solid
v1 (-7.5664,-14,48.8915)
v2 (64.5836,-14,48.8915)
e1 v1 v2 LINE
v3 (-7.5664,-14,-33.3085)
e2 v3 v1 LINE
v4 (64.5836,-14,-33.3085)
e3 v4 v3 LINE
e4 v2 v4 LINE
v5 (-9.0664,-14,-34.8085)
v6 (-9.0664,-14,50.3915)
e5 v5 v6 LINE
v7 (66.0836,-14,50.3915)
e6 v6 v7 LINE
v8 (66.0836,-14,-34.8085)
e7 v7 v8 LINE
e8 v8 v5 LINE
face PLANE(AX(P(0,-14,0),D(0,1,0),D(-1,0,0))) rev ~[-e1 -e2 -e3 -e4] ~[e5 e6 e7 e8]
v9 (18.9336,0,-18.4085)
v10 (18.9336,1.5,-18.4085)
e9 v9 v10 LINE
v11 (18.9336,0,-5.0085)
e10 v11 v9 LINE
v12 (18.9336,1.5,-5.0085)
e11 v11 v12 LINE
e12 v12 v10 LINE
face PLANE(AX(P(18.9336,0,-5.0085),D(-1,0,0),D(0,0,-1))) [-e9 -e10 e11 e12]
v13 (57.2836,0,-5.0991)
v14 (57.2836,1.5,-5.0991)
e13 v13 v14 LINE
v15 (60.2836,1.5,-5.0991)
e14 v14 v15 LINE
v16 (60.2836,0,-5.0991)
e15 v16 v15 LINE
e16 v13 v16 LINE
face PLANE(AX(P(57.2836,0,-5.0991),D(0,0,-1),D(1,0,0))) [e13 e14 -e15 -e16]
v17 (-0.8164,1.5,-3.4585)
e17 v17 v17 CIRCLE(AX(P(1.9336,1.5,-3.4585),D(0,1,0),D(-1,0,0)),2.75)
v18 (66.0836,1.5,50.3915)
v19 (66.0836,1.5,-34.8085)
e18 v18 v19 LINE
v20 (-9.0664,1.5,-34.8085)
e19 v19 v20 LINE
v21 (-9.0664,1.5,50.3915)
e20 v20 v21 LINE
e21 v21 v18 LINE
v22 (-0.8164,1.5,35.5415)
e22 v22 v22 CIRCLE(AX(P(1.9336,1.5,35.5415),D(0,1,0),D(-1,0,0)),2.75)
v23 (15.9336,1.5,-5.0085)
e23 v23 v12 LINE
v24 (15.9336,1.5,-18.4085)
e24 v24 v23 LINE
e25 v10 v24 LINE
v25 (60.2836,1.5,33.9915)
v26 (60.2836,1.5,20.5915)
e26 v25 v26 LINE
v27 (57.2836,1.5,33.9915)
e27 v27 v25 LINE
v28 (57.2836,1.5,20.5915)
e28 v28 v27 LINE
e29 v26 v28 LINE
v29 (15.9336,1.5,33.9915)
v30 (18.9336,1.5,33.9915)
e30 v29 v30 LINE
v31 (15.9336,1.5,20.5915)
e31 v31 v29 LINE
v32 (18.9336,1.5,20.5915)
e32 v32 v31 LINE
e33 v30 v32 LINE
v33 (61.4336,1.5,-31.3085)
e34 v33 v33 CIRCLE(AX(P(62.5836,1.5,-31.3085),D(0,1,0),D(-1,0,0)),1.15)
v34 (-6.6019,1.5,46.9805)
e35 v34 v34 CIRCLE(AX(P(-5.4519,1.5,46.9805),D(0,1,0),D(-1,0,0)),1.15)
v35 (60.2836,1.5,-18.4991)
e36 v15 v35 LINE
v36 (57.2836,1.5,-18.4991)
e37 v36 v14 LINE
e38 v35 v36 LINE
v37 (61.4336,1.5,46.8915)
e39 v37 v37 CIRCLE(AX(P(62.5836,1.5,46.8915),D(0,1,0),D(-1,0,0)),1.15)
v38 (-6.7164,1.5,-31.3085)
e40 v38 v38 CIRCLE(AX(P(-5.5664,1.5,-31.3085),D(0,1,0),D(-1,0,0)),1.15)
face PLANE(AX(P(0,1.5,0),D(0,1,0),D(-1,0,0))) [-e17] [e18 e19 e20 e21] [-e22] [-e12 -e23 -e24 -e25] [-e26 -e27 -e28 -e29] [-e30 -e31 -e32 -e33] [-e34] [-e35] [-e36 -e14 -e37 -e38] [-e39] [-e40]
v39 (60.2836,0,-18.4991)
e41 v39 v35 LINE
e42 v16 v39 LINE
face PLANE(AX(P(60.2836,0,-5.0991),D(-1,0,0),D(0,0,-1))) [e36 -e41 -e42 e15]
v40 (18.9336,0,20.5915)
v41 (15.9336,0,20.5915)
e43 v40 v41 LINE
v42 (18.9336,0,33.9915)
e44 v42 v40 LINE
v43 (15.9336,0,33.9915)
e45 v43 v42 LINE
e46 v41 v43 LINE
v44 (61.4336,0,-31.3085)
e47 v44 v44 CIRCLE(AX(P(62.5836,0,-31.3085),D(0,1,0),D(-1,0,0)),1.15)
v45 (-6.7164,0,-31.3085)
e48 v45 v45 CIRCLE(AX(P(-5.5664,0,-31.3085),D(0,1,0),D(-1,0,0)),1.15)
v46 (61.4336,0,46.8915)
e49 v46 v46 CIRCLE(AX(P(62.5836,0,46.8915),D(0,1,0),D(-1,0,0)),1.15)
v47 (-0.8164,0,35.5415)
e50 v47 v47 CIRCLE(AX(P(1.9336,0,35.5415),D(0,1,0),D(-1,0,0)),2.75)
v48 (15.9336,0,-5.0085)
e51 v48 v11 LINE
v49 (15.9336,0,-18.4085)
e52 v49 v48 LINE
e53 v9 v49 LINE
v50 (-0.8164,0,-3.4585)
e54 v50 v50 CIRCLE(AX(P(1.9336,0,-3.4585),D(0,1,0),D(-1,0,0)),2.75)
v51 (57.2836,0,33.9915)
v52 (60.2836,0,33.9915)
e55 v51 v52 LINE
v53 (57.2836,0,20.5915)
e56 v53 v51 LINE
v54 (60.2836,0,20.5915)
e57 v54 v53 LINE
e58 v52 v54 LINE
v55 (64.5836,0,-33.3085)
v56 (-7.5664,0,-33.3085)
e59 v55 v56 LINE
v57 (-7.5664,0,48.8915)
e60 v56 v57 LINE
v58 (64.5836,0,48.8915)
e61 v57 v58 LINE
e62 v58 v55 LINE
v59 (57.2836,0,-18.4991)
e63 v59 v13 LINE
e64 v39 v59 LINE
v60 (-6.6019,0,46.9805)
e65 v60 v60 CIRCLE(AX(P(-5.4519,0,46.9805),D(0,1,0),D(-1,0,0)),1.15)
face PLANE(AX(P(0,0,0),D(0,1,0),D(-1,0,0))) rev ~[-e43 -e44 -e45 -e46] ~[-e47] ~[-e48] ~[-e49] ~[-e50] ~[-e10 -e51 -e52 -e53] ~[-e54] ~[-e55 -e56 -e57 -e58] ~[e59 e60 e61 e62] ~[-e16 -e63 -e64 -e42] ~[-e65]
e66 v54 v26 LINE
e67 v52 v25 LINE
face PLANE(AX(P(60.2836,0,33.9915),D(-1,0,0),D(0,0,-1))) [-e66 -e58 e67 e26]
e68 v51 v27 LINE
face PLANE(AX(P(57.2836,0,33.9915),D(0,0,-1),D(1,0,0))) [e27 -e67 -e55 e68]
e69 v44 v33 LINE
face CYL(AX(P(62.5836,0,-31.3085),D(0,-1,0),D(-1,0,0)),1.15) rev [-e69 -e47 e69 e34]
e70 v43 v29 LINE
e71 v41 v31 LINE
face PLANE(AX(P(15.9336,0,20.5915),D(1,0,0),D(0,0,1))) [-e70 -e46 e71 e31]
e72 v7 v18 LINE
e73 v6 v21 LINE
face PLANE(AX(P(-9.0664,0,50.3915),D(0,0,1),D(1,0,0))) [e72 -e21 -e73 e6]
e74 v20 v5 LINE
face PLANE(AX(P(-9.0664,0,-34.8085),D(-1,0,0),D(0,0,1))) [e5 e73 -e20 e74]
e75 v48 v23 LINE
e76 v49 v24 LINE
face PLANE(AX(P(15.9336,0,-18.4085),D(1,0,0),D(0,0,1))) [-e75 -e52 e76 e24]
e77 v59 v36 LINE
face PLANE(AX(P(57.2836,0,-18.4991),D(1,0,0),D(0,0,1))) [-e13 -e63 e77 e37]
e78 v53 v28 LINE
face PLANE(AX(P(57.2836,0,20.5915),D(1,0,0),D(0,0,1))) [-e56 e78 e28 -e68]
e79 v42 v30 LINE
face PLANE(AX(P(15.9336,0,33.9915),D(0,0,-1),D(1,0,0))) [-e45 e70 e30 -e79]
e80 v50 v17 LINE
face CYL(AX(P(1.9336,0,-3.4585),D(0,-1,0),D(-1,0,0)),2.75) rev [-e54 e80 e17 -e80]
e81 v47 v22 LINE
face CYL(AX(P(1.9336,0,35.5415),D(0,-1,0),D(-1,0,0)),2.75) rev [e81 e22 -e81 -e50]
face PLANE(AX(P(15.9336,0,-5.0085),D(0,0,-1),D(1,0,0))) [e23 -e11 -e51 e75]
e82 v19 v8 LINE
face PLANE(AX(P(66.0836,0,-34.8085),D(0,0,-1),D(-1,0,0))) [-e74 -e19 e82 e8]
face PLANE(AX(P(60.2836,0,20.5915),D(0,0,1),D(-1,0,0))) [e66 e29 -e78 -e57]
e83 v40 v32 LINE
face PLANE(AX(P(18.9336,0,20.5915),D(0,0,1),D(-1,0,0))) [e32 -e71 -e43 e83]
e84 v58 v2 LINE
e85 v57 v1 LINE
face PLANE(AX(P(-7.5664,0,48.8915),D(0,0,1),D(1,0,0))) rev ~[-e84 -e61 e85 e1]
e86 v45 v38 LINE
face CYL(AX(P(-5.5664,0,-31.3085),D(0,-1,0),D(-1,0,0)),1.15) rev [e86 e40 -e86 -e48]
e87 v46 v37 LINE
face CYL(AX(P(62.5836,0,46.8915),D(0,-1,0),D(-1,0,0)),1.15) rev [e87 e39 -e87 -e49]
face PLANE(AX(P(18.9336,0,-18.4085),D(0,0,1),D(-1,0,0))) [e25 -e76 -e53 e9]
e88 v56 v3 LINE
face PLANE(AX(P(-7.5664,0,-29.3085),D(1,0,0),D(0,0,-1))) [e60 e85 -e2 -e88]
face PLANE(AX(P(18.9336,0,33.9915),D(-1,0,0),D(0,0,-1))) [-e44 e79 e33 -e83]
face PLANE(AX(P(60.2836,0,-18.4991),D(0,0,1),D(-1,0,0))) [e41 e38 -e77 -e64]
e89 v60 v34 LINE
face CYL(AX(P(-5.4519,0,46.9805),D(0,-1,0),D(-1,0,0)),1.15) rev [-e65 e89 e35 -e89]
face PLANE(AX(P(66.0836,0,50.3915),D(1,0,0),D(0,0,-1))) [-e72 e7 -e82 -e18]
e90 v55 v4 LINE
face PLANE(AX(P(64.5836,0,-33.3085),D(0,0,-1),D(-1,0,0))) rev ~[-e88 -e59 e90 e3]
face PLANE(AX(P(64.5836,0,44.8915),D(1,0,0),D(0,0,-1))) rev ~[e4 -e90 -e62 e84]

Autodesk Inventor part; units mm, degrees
ref_plane "YZ Plane" through (0, 0, 0) normal (1, 0, 0) x (0, 1, 0)
ref_plane "XZ Plane" through (0, 0, 0) normal (0, 1, 0) x (-1, 0, 0)
ref_plane "XY Plane" through (0, 0, 0) normal (0, 0, 1) x (1, 0, 0)
sketch "Sketch1" plane through (0, 0, 0) normal (0, 1, 0) x (-1, 0, 0)
  line L0 (-58.4836, 42.7915) -> (-27.4836, 42.7915) construction
  line L1 (-27.4836, 42.7915) -> (-27.4836, 11.7915) construction
  line L2 (-27.4836, 11.7915) -> (-58.4836, 11.7915) construction
  line L3 (-58.4836, 11.7915) -> (-58.4836, 20.5915) construction
  line L4 (-58.4836, 42.7915) -> (-27.4836, 11.7915) construction
  line L5 (-27.4836, 42.7915) -> (-58.4836, 11.7915) construction
  line L6 (-58.4836, 3.6103) -> (-27.4836, 3.6103) construction
  line L7 (-27.4836, 3.6103) -> (-27.4836, -27.2085) construction
  line L8 (-27.4836, -27.2085) -> (-58.4836, -27.2085) construction
  line L9 (-58.4836, -27.2085) -> (-58.4836, -18.4991) construction
  line L10 (-58.4836, 3.6103) -> (-27.4836, -27.2085) construction
  line L11 (-20.4336, 38.5415) -> (2.0664, 38.5415) construction
  line L12 (2.0664, 38.5415) -> (2.0664, 16.0415) construction
  line L13 (2.0664, 16.0415) -> (-20.4336, 16.0415) construction
  line L14 (-20.4336, 16.0415) -> (-20.4336, 38.5415) construction
  line L15 (-20.4336, 38.5415) -> (2.0664, 16.0415) construction
  line L16 (2.0664, 38.5415) -> (-20.4336, 16.0415) construction
  line L17 (-20.5481, -0.4585) -> (2.0664, -0.4585) construction
  line L18 (2.0664, -0.4585) -> (2.0664, -22.9585) construction
  line L19 (2.0664, -22.9585) -> (-20.5481, -22.9585) construction
  line L20 (-20.5481, -22.9585) -> (-20.5481, -0.4585) construction
  line L21 (-20.5481, -0.4585) -> (2.0664, -22.9585) construction
  line L22 (2.0664, -0.4585) -> (-20.5481, -22.9585) construction
  line L23 (3.5664, -29.3085) -> (-60.5836, -29.3085) construction
  line L24 (-60.5836, -29.3085) -> (-60.5836, 44.8915) construction
  line L25 (-60.5836, 44.8915) -> (-64.5836, 44.8915) construction
  line L26 (-64.5836, 44.8915) -> (-64.5836, 48.8915)
  line L27 (-64.5836, 48.8915) -> (-60.5836, 48.8915)
  line L28 (-60.5836, 48.8915) -> (-60.5836, 44.8915) construction
  line L29 (-60.5836, -29.3085) -> (-64.5836, -29.3085) construction
  line L30 (-64.5836, -29.3085) -> (-64.5836, -33.3085)
  line L31 (-64.5836, -33.3085) -> (-60.5836, -33.3085)
  line L32 (-60.5836, -33.3085) -> (-60.5836, -29.3085) construction
  line L33 (3.5664, -29.3085) -> (7.5664, -29.3085) construction
  line L34 (7.5664, -29.3085) -> (7.5664, -33.3085)
  line L35 (7.5664, -33.3085) -> (3.5664, -33.3085)
  line L36 (3.5664, -33.3085) -> (3.5664, -29.3085) construction
  line L37 (3.5664, 44.8915) -> (7.5664, 44.8915) construction
  line L38 (7.5664, 44.8915) -> (7.5664, 48.8915)
  line L39 (7.5664, 48.8915) -> (3.5664, 48.8915)
  line L40 (3.5664, 48.8915) -> (3.5664, 44.8915) construction
  circle A0 centre (5.4519, 46.9805) radius 1.15
  circle A1 centre (-62.5836, 46.8915) radius 1.15
  circle A2 centre (-62.5836, -31.3085) radius 1.15
  circle A3 centre (5.5664, -31.3085) radius 1.15
  line L41 (3.5664, 48.8915) -> (-60.5836, 48.8915)
  line L42 (-64.5836, 44.8915) -> (-64.5836, -29.3085)
  line L43 (-60.5836, -33.3085) -> (3.5664, -33.3085)
  line L44 (7.5664, -29.3085) -> (7.5664, 44.8915)
  line L45 (3.5664, 44.8915) -> (-60.5836, 44.8915) construction
  line L46 (3.5664, 44.8915) -> (3.5664, -29.3085) construction
  line L47 (-57.2836, 33.9915) -> (-60.2836, 33.9915)
  line L48 (-60.2836, 33.9915) -> (-60.2836, 20.5915)
  line L49 (-60.2836, 20.5915) -> (-57.2836, 20.5915)
  line L50 (-57.2836, 20.5915) -> (-57.2836, 33.9915)
  line L51 (-57.2836, -5.0991) -> (-60.2836, -5.0991)
  line L52 (-60.2836, -5.0991) -> (-60.2836, -18.4991)
  line L53 (-60.2836, -18.4991) -> (-57.2836, -18.4991)
  line L54 (-57.2836, -18.4991) -> (-57.2836, -5.0991)
  line L55 (-58.4836, 20.5915) -> (-58.4836, 33.9915) construction
  line L56 (-58.4836, 33.9915) -> (-58.4836, 42.7915) construction
  line L57 (-58.4836, -5.0991) -> (-58.4836, 3.6103) construction
  line L58 (-58.4836, -18.4991) -> (-58.4836, -5.0991) construction
  line L59 (-62.5836, 46.8915) -> (-60.5836, 46.8915) construction
  line L60 (-62.5836, 46.8915) -> (-62.5836, 44.8915) construction
  line L61 (-62.5836, 46.8915) -> (-64.5836, 46.8915) construction
  line L62 (-62.5836, 46.8915) -> (-62.5836, 48.8915) construction
  line L63 (-64.5836, -31.3085) -> (-62.5836, -31.3085) construction
  line L64 (-62.5836, -31.3085) -> (-60.5836, -31.3085) construction
  line L65 (-62.5836, -31.3085) -> (-62.5836, -29.3085) construction
  line L66 (-62.5836, -31.3085) -> (-62.5836, -33.3085) construction
  line L67 (5.5664, 46.8915) -> (3.5664, 46.8915) construction
  line L68 (5.5664, 46.8915) -> (7.5664, 46.8915) construction
  line L69 (5.5664, 46.8915) -> (5.5664, 44.8915) construction
  line L70 (5.5664, 44.8915) -> (5.5664, 46.8915) construction
  line L71 (5.5664, 46.8915) -> (5.5664, 48.8915) construction
  line L72 (5.5664, -31.3085) -> (5.5664, -33.3085) construction
  line L73 (5.5664, -31.3085) -> (3.5664, -31.3085) construction
  line L74 (5.5664, -31.3085) -> (5.5664, -29.3085) construction
  line L75 (5.5664, -31.3085) -> (7.5664, -31.3085) construction
  circle A4 centre (-1.9336, 35.5415) radius 2.75
  circle A5 centre (-1.9336, -3.4585) radius 2.75
  line L76 (-1.9336, 35.5415) -> (-1.9336, 38.5415) construction
  line L77 (-1.9336, 35.5415) -> (2.0664, 35.5415) construction
  line L78 (-1.9336, -3.4585) -> (2.0664, -3.4585) construction
  line L79 (-1.9336, -3.4585) -> (-1.9336, -0.4585) construction
  line L80 (-15.9336, 33.9915) -> (-18.9336, 33.9915)
  line L81 (-18.9336, 33.9915) -> (-18.9336, 20.5915)
  line L82 (-18.9336, 20.5915) -> (-15.9336, 20.5915)
  line L83 (-15.9336, 20.5915) -> (-15.9336, 33.9915)
  line L84 (-15.9336, -5.0085) -> (-18.9336, -5.0085)
  line L85 (-18.9336, -5.0085) -> (-18.9336, -18.4085)
  line L86 (-18.9336, -18.4085) -> (-15.9336, -18.4085)
  line L87 (-15.9336, -18.4085) -> (-15.9336, -5.0085)
  line L88 (9.0664, 50.3915) -> (-66.0836, 50.3915)
  line L89 (-66.0836, 50.3915) -> (-66.0836, -34.8085)
  line L90 (-66.0836, -34.8085) -> (9.0664, -34.8085)
  line L91 (9.0664, -34.8085) -> (9.0664, 50.3915)
  point P0 (-89.8981, -75.7195)
  dimension "d0" = 22.5
  dimension "d5" = 31
  dimension "d7" = 22.5
  dimension "d11" = 4
  dimension "d12" = 72.15
  dimension "d13" = 82.2
  dimension "d14" = 2.3
  dimension "d15" = 31
  dimension "d16" = 5.5
  dimension "d17" = 5.5
  dimension "d18" = 10.35
  dimension "d19" = 10.35
  dimension "d20" = 6.1
  dimension "d21" = 6.1
  dimension "d22" = 6.1
  dimension "d23" = 6.1
  dimension "d24" = 3
  dimension "d25" = 13.4
  dimension "d26" = 1.2
  dimension "d27" = 8.1812
  dimension "d28" = 16.5
  dimension "d29" = 5.5
  dimension "d30" = 5.5
  dimension "d31" = 3
  dimension "d32" = 4
  dimension "d33" = 1.5
  dimension "d34" = 4.55
  dimension "d35" = 4.55
  dimension "d36" = 4.55
  dimension "d37" = 1.5
  dimension "d38" = 1.5
  dimension "d39" = 1.5
  dimension "d40" = 1.5
extrude "Edges" add sketch "Sketch1" against normal blind 14 contours L91 L90 L89 L88
extrude "Surface" add sketch "Sketch1" along normal blind 1.5 contours L26 L27 L41 L39 L38 L44 L34 L35 L43 L31 L30 L42 | L91 L90 L89 L88
properties part number "CameraCover" material "NylonD2W"
